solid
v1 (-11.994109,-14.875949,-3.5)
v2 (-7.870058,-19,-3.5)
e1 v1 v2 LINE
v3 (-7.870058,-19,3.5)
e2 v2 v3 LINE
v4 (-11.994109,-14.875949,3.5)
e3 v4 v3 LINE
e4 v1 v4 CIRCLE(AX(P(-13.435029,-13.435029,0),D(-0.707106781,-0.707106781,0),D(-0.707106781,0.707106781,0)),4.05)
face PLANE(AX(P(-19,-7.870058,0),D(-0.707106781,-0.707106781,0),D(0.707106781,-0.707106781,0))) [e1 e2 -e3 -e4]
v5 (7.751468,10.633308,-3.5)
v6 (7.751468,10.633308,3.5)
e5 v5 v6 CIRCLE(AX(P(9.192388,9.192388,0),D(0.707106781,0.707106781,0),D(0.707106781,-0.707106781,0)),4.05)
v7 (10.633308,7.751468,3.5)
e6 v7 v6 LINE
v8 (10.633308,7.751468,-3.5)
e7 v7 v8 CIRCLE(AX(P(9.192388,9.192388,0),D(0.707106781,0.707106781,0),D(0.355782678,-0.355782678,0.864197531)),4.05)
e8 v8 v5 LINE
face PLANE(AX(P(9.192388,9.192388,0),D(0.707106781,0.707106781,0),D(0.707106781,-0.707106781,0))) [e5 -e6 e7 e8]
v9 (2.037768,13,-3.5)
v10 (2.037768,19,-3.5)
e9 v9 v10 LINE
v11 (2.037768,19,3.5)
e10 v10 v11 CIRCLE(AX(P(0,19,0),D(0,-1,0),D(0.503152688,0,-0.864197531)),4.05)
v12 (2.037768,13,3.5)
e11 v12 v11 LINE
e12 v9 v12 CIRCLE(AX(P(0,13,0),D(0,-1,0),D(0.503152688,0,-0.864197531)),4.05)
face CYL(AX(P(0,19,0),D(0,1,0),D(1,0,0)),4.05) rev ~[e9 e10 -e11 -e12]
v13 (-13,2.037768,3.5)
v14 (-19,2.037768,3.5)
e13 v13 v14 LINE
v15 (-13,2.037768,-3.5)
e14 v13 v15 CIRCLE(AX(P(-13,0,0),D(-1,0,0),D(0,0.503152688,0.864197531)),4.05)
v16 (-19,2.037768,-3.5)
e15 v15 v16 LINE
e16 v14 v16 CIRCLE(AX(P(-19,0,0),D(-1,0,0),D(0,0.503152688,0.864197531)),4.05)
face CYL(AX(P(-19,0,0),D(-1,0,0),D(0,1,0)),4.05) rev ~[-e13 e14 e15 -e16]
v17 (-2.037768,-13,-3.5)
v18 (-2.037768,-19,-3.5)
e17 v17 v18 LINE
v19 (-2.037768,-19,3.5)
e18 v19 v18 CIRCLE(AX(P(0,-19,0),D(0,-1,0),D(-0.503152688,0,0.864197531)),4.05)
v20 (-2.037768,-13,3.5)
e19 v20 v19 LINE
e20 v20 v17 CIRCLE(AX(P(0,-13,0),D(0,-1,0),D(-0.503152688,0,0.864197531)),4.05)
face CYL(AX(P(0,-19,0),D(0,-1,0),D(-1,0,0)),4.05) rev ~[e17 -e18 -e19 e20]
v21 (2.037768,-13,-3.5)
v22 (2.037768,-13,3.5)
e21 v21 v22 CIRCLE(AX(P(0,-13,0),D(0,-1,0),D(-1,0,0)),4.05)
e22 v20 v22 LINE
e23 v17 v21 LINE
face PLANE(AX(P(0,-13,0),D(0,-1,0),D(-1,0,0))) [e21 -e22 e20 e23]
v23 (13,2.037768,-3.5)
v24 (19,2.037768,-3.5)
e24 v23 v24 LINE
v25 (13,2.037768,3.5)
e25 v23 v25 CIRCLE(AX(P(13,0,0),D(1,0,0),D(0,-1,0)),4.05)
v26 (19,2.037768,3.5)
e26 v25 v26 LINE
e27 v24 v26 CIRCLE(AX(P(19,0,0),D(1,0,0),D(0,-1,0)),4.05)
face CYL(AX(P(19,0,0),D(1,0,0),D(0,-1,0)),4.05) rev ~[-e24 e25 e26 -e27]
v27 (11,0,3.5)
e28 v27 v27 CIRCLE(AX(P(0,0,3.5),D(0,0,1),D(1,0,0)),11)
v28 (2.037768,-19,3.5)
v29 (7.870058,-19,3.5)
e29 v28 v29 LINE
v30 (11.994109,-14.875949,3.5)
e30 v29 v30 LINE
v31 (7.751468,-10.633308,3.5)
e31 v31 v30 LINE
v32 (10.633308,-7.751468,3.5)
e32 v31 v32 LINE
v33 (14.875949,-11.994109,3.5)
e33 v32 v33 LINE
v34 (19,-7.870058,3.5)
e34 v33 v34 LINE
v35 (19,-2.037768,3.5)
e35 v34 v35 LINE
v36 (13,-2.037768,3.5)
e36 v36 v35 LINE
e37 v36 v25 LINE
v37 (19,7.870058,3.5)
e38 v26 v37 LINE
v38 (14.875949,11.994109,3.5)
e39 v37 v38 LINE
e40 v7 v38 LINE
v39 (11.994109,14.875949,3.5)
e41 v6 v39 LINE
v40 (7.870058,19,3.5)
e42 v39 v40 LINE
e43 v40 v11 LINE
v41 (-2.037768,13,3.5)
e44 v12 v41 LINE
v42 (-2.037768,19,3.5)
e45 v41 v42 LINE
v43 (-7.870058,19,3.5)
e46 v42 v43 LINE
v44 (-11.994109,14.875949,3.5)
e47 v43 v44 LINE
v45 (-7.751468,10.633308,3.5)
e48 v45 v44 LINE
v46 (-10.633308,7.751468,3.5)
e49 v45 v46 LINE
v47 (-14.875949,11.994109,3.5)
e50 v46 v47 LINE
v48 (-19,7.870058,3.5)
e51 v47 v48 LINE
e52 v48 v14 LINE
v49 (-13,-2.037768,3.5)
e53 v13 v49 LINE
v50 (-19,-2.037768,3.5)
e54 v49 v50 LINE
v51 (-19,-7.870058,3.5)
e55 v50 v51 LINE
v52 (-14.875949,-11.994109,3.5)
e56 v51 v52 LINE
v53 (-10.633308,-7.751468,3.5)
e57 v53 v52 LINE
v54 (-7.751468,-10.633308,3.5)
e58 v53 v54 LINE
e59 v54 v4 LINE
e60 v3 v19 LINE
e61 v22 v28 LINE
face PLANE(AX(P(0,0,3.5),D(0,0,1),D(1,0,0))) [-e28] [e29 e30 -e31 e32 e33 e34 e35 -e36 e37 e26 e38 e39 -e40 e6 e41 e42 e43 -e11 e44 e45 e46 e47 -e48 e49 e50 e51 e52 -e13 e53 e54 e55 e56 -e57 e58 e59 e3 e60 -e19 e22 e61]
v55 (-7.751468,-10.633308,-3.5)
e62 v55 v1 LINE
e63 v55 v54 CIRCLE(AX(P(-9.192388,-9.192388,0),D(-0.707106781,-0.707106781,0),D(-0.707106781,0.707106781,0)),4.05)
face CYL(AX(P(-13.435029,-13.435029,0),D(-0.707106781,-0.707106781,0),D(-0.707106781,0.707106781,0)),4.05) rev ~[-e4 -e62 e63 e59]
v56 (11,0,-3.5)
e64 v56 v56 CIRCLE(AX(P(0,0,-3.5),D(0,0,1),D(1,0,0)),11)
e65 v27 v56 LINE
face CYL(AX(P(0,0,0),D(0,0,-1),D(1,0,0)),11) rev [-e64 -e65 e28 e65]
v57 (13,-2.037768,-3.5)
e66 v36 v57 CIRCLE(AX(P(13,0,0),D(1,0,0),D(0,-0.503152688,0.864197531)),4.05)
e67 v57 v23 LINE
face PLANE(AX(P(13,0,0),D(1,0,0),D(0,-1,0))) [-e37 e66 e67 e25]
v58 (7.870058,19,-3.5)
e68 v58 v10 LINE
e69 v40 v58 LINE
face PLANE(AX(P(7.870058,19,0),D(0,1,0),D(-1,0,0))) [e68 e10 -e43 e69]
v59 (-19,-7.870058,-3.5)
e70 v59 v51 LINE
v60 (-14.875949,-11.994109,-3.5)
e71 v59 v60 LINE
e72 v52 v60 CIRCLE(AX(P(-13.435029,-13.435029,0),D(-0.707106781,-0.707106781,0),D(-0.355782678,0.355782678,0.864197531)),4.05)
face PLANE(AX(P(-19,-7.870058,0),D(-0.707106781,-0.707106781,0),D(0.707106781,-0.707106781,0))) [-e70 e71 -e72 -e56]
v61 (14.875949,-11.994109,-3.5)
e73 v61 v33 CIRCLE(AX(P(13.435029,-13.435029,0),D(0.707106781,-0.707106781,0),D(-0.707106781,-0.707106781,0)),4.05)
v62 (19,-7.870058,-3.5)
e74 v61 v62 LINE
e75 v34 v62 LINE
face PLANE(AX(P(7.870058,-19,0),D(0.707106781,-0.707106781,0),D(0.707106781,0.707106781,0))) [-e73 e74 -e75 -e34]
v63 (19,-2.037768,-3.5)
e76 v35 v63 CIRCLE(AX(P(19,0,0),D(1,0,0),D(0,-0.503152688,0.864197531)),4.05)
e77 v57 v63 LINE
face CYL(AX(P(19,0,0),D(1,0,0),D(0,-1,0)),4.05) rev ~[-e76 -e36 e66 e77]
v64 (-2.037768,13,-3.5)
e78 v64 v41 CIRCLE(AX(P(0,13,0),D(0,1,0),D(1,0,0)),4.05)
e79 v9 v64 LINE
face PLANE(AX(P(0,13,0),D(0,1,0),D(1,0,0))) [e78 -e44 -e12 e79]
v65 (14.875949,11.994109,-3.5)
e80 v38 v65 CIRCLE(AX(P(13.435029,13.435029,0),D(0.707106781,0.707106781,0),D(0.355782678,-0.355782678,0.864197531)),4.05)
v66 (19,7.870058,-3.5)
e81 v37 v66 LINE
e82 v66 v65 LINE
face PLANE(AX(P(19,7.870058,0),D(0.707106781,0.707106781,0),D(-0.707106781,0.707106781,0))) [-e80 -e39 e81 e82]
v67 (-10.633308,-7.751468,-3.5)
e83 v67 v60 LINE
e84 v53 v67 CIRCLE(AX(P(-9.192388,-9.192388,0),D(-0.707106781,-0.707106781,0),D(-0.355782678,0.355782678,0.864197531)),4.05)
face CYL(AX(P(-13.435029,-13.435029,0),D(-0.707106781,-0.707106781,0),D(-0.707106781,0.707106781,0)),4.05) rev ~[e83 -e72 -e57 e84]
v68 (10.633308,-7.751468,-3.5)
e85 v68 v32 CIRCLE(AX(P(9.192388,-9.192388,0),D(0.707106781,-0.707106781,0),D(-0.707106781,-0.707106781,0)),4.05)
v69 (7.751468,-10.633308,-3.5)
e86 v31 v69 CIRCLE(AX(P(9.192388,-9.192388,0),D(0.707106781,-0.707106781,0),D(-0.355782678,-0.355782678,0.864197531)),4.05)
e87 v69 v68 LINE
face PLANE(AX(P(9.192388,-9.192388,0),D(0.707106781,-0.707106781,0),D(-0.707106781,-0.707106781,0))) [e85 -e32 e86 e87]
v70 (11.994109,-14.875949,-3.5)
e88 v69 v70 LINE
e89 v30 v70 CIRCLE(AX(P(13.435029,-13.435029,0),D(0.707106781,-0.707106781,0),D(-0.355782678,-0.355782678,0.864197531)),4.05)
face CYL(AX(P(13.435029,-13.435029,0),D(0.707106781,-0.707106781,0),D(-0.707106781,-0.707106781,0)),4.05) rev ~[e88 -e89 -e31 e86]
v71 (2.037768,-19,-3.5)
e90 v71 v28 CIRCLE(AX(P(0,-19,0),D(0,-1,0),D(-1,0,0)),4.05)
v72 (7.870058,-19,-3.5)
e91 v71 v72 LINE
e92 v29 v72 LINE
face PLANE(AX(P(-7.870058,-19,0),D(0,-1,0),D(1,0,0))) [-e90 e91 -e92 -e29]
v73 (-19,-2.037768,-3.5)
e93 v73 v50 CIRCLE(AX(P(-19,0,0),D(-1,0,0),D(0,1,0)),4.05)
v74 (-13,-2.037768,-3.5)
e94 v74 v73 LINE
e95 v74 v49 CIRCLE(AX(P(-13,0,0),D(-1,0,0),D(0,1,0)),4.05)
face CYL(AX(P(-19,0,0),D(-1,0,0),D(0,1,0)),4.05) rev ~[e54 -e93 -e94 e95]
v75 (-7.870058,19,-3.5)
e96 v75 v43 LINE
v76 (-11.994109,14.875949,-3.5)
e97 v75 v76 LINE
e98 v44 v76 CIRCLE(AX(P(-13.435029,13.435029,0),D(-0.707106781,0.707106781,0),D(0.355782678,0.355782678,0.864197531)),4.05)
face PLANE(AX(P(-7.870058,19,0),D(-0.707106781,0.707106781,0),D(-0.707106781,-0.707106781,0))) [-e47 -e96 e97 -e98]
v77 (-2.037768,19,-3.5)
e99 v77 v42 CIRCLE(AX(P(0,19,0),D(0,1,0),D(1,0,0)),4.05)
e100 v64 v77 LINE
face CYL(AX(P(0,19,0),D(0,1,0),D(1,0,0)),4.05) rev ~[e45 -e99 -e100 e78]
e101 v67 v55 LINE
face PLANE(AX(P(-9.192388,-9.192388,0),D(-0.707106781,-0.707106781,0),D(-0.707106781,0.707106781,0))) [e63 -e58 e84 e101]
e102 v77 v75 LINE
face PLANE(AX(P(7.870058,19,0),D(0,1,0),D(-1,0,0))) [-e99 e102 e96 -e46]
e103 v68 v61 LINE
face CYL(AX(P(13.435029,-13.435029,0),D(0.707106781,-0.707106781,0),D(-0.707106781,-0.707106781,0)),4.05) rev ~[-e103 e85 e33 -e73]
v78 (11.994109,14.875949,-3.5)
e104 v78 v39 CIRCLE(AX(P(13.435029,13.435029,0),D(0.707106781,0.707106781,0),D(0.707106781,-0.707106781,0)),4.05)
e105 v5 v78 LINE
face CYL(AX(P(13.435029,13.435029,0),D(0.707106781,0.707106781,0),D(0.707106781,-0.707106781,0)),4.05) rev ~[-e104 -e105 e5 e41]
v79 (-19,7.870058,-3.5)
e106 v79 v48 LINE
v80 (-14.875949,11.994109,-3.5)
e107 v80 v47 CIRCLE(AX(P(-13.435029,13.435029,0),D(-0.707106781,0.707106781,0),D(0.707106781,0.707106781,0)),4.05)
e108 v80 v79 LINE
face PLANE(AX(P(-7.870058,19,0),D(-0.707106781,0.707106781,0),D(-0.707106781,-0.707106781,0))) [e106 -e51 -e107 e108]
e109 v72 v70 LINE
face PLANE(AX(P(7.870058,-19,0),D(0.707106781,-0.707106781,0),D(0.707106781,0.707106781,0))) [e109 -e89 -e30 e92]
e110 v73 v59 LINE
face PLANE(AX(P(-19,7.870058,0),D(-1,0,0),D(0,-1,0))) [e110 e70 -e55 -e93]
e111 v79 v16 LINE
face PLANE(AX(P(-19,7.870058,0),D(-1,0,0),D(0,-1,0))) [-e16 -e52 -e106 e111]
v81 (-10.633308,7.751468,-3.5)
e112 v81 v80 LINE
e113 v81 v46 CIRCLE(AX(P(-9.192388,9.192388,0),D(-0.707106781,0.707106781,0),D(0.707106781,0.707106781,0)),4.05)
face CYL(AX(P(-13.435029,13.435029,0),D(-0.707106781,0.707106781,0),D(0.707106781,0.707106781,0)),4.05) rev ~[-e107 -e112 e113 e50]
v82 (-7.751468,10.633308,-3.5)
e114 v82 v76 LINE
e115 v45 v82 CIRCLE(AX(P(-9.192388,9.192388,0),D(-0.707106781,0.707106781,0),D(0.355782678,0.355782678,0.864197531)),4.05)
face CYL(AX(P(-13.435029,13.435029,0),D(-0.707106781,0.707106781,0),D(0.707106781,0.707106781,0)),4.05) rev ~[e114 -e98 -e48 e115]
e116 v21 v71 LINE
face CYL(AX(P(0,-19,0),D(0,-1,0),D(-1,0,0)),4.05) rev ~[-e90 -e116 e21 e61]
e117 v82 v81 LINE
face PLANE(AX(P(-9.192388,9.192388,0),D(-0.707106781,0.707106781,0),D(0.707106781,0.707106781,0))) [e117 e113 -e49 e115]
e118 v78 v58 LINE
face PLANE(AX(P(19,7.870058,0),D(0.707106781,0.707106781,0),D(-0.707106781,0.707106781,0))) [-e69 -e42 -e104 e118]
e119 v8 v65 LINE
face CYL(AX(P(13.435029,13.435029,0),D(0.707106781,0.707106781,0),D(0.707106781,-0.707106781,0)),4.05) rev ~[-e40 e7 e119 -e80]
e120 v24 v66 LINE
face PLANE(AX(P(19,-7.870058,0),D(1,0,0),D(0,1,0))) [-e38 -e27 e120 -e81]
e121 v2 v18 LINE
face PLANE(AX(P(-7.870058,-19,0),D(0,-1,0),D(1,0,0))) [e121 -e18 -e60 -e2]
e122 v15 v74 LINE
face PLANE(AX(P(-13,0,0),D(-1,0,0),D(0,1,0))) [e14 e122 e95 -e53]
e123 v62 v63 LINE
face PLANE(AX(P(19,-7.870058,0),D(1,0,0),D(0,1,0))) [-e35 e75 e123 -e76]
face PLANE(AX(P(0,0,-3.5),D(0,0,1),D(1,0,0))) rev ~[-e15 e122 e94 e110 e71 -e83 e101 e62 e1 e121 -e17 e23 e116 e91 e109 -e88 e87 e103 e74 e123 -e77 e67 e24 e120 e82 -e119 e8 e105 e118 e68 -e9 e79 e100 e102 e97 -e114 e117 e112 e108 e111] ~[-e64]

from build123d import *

# Parameters (mm, degrees)
SKETCH1_R           = 11
BOSS_EXTRUDE1_DEPTH = 3.5
SKETCH2_R           = 4.05
CUT_EXTRUDE3_DEPTH  = 6
CIRPATTERN1_COUNT   = 8


with BuildPart() as part:
    # Sketch1 → Boss-Extrude1 (new, symmetric)
    with BuildSketch(Plane.XY):
        Polygon((7.870057685, 19), (-7.870057685, 19), (-19, 7.870057685), (-19, -7.870057685), (-7.870057685, -19), (7.870057685, -19), (19, -7.870057685), (19, 7.870057685), align=None)
        Circle(SKETCH1_R, mode=Mode.SUBTRACT)
    extrude(amount=BOSS_EXTRUDE1_DEPTH, both=True)

    # Sketch2 → Cut-Extrude3 (cut)
    with BuildSketch(Plane(origin=(0, -19, 0), x_dir=(-1, 0, 0), z_dir=(0, -1, 0))):
        Circle(SKETCH2_R)
    cut_extrude3 = extrude(amount=-CUT_EXTRUDE3_DEPTH, mode=Mode.SUBTRACT)

    # CirPattern1: Cut-Extrude3 ×8 about axis
    cirpattern1_axis = Axis((0, 0, 3.5), (0, 0, 1))
    for i in range(1, CIRPATTERN1_COUNT):
        add(cut_extrude3.rotate(cirpattern1_axis, i * 360 / CIRPATTERN1_COUNT), mode=Mode.SUBTRACT)


solid = part.part
